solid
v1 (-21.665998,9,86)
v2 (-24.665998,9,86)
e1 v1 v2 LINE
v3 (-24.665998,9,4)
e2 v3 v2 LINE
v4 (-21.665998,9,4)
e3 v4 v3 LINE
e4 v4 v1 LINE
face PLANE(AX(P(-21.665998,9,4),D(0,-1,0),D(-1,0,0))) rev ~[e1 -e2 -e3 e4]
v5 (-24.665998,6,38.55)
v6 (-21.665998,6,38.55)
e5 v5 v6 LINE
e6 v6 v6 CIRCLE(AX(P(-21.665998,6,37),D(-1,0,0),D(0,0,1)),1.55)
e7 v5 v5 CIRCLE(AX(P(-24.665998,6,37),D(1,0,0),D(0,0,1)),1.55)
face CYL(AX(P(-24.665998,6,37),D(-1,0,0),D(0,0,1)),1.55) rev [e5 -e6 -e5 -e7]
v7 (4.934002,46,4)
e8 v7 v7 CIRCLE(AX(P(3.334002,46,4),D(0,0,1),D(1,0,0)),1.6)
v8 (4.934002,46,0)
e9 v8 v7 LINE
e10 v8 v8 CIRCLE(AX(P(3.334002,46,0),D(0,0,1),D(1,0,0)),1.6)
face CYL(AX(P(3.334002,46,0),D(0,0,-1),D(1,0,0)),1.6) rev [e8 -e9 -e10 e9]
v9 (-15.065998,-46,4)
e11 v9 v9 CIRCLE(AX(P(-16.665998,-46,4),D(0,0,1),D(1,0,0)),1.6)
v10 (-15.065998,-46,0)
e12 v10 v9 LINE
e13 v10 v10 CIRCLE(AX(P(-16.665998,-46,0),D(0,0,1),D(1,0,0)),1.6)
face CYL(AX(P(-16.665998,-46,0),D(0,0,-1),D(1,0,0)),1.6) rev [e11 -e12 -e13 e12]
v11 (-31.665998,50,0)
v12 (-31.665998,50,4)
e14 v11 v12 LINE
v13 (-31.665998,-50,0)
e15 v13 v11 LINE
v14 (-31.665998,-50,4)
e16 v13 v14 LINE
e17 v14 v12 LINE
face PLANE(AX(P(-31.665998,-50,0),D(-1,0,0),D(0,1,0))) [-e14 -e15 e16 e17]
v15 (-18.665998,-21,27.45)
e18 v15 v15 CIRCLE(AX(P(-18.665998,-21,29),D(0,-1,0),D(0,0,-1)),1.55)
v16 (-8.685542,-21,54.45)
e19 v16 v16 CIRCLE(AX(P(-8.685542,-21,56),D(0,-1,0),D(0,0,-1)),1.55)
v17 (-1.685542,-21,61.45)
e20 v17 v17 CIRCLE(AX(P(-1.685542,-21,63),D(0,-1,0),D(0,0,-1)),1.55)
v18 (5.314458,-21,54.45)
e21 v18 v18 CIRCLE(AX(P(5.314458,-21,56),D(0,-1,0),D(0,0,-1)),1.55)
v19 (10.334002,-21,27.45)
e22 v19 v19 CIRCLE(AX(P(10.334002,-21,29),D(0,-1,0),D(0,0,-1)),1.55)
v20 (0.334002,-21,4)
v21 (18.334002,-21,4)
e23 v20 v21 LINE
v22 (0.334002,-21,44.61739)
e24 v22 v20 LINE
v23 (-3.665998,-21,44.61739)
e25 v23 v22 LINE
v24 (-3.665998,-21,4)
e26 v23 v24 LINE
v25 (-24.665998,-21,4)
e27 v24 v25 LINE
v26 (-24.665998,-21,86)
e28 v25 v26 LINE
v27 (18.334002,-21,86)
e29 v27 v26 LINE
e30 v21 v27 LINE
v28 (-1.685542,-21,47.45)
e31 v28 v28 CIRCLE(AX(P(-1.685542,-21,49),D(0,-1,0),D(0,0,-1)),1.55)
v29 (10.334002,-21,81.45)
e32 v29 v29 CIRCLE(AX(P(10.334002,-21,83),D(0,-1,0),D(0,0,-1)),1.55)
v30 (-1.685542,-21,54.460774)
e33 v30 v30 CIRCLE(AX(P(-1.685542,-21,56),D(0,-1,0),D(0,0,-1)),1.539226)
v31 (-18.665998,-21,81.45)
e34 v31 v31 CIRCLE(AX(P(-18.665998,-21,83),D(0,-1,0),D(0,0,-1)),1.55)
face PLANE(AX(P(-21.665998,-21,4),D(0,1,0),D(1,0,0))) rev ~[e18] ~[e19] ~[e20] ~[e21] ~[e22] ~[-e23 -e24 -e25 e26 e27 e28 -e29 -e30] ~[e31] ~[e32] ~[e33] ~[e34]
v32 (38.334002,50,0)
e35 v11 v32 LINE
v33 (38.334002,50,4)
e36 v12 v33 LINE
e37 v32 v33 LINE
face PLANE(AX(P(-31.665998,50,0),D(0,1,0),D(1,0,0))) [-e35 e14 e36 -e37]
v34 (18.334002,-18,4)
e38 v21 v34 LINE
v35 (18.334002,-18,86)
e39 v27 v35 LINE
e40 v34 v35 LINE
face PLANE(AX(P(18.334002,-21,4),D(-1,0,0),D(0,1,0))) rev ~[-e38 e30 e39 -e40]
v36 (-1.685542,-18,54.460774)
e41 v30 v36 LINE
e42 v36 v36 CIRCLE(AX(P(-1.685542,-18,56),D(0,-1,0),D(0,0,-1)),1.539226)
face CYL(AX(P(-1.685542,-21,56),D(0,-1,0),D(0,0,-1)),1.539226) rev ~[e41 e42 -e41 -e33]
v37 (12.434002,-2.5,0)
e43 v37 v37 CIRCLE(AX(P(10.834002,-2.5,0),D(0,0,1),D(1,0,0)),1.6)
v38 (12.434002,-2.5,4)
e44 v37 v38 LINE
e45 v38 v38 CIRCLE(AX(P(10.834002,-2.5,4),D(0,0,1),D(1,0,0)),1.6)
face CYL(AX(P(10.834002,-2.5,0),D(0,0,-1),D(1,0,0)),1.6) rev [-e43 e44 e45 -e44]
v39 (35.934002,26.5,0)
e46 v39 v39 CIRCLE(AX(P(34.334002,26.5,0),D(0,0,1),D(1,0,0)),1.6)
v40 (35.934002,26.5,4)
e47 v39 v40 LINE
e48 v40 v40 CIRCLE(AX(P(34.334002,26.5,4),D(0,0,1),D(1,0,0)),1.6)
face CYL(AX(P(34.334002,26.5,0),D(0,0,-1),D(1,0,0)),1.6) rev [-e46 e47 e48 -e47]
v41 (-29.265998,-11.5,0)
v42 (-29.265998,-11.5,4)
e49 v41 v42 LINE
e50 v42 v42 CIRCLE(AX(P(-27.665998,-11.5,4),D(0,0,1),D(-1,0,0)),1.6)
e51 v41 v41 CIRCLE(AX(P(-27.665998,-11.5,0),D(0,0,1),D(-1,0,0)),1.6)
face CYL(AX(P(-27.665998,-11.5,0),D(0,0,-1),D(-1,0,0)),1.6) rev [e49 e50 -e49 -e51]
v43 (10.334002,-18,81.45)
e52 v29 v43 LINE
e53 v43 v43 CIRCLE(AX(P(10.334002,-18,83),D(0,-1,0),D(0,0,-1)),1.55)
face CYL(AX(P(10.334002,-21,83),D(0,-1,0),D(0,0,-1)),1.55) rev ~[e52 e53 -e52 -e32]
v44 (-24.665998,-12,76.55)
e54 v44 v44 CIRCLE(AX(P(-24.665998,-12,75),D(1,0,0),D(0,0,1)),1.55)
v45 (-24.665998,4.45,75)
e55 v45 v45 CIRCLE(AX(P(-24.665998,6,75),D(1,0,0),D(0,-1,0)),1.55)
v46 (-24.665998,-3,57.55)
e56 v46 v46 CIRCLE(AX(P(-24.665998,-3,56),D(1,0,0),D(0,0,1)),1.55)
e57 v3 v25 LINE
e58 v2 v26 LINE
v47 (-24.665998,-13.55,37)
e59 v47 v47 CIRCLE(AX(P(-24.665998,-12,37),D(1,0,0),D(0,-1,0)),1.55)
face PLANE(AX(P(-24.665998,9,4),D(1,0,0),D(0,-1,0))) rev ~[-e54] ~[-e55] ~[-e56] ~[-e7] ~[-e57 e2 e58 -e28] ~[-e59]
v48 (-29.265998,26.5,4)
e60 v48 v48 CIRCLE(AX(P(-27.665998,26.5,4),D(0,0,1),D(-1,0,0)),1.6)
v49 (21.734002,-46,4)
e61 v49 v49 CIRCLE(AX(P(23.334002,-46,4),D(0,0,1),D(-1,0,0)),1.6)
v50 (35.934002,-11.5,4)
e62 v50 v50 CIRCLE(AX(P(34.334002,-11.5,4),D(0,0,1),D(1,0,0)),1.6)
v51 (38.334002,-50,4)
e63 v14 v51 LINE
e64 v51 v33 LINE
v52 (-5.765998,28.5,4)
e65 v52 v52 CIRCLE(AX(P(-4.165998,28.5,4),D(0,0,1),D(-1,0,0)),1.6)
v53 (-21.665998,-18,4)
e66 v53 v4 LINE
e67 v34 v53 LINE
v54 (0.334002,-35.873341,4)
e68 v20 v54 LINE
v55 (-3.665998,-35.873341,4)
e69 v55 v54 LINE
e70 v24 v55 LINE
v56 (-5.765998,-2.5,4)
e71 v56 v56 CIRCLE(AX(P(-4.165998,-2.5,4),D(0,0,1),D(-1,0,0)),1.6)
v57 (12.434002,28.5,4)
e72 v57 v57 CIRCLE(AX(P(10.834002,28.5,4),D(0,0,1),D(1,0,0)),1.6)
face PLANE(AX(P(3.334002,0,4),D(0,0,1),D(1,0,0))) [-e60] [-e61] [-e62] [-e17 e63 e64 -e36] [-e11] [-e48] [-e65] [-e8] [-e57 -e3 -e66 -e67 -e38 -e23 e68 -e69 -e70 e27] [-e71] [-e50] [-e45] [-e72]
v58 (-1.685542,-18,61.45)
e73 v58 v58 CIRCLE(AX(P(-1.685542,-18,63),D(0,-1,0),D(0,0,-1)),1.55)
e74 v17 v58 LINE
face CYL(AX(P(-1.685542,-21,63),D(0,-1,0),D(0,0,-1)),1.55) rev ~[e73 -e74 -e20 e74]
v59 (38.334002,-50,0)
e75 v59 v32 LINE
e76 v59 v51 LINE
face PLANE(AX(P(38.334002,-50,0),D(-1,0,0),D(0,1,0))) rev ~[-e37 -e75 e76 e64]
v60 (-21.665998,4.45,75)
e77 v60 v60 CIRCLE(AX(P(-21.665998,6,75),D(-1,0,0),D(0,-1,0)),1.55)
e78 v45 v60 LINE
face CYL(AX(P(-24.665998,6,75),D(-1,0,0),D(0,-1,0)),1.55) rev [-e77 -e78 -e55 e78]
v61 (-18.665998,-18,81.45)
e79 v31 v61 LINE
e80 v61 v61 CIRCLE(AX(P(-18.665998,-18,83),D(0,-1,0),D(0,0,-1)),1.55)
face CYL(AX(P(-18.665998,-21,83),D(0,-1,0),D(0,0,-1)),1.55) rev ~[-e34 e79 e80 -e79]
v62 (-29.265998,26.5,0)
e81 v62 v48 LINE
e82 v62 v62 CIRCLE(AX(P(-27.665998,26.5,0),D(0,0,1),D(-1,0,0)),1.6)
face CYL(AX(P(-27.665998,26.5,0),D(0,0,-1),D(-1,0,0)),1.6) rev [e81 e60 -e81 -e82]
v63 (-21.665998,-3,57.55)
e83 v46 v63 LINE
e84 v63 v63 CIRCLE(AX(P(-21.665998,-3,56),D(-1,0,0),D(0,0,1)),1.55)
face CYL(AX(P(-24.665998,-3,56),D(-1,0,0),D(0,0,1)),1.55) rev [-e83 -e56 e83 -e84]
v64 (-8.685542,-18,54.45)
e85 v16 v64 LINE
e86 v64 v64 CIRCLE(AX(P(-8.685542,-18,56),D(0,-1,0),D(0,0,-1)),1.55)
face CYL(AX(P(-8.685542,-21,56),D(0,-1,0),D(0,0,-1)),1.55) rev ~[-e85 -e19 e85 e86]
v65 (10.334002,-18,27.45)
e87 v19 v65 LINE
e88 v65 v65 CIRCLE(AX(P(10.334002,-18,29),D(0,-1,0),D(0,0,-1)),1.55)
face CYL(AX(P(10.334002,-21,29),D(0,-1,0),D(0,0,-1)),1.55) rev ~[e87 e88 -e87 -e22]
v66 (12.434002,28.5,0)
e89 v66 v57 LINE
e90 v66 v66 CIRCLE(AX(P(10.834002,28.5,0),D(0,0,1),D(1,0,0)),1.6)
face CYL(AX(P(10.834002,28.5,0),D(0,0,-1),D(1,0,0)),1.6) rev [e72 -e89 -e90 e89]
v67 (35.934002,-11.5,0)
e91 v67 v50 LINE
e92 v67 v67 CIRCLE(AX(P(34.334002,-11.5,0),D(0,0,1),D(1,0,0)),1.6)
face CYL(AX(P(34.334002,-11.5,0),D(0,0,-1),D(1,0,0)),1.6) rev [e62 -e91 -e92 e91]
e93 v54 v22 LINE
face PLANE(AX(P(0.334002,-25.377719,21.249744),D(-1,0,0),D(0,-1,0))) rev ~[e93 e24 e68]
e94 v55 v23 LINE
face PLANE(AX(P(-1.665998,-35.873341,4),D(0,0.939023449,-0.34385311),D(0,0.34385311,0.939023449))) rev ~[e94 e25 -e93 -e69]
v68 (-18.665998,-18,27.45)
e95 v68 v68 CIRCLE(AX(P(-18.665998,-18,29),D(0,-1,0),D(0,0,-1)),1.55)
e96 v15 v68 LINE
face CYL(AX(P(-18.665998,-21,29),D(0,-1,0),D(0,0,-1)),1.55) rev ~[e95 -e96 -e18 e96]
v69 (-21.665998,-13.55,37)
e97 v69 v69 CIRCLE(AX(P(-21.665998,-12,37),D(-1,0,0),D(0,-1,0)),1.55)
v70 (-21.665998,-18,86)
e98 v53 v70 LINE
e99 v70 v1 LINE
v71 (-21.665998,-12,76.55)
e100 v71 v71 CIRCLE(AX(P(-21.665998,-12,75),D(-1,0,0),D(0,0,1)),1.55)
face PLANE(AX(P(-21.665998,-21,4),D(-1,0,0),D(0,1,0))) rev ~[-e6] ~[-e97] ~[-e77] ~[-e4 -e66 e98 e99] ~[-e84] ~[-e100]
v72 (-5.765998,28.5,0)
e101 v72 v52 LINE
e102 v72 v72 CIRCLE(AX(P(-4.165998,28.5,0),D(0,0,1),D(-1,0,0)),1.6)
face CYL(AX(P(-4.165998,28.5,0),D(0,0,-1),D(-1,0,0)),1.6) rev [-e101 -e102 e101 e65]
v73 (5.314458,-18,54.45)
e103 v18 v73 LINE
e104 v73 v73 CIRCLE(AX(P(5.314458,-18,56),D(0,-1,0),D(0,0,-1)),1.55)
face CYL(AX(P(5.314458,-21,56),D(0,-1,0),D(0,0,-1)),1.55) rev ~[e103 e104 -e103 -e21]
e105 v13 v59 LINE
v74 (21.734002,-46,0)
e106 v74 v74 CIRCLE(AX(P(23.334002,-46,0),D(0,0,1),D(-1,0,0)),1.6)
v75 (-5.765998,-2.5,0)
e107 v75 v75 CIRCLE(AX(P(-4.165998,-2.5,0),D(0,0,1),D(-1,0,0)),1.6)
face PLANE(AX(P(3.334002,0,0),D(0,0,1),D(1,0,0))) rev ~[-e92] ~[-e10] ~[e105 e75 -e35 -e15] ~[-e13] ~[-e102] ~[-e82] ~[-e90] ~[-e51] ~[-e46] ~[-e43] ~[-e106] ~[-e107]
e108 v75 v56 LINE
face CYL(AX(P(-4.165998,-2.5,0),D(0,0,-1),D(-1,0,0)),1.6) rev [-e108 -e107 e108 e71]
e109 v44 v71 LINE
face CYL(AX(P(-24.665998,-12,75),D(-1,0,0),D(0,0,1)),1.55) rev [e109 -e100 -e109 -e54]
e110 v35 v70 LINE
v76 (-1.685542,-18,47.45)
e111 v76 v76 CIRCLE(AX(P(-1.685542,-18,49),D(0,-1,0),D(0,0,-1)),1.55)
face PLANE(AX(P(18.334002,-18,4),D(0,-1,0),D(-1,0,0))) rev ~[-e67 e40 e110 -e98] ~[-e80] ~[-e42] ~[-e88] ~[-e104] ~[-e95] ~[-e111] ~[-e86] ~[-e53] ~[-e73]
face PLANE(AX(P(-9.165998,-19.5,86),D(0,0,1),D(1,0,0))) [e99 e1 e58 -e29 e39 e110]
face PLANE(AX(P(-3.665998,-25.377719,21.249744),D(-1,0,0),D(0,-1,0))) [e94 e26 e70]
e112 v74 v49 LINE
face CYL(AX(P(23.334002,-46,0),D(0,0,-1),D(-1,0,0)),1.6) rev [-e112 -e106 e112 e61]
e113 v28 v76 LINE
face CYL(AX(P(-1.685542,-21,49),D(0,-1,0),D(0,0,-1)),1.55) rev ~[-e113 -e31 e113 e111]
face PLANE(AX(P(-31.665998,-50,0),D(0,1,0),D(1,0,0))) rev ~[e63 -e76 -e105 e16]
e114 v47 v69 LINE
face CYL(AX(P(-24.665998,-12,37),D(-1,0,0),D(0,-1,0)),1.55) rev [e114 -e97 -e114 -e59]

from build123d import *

# Parameters (mm, degrees)
SKETCH_1_W          = 70
SKETCH_1_H          = 100
SKETCH_1_R          = 1.6
EXTRUDE_1_DEPTH     = 4
SKETCH_2_W          = 25
SKETCH_2_H          = 3
SKETCH_2_W_2        = 15
EXTRUDE_2_DEPTH     = 82
SKETCH_3_R          = 1.55
SKETCH_3_R_2        = 1.539226355
CUT_EXTRUDE_1_DEPTH = 8
EXTRUDE_3_DEPTH     = 2
SKETCH_7_R          = 1.6
EXTRUDE_5_DEPTH     = 82
SKETCH_10_R         = 1.55
CUT_EXTRUDE_2_DEPTH = 118.749734607


with BuildPart() as part:
    # 草图1 → 凸台-拉伸1 (new body)
    with BuildSketch(Plane.XY):
        with Locations((3.334002404, 0)):
            Rectangle(SKETCH_1_W, SKETCH_1_H)
        with Locations((34.334002404, 26.5)):
            Circle(SKETCH_1_R, mode=Mode.SUBTRACT)
        with Locations((-16.665997596, -46)):
            Circle(SKETCH_1_R, mode=Mode.SUBTRACT)
        with Locations((3.334002404, 46)):
            Circle(SKETCH_1_R, mode=Mode.SUBTRACT)
        with Locations((10.834002404, 28.5)):
            Circle(SKETCH_1_R, mode=Mode.SUBTRACT)
        with Locations((10.834002404, -2.5)):
            Circle(SKETCH_1_R, mode=Mode.SUBTRACT)
        with Locations((34.334002404, -11.5)):
            Circle(SKETCH_1_R, mode=Mode.SUBTRACT)
        with Locations(Location((-27.665997596, 26.5, 0), (0, 0, 180))):
            Circle(SKETCH_1_R, mode=Mode.SUBTRACT)
        with Locations(Location((-4.165997596, 28.5, 0), (0, 0, 180))):
            Circle(SKETCH_1_R, mode=Mode.SUBTRACT)
        with Locations(Location((-4.165997596, -2.5, 0), (0, 0, 180))):
            Circle(SKETCH_1_R, mode=Mode.SUBTRACT)
        with Locations(Location((-27.665997596, -11.5, 0), (0, 0, 180))):
            Circle(SKETCH_1_R, mode=Mode.SUBTRACT)
        with Locations(Location((23.334002404, -46, 0), (0, 0, 180))):
            Circle(SKETCH_1_R, mode=Mode.SUBTRACT)
    extrude(amount=EXTRUDE_1_DEPTH)

    # 草图2 → 凸台-拉伸2 (add)
    with BuildSketch(Plane.XY.offset(4)):
        with Locations((-9.165997596, -19.5)):
            Rectangle(SKETCH_2_W, SKETCH_2_H)
        with Locations((10.834002404, -19.5)):
            Rectangle(SKETCH_2_W_2, SKETCH_2_H)
    extrude(amount=EXTRUDE_2_DEPTH)

    # 草图3 → 切除-拉伸1 (cut)
    with BuildSketch(Plane.XZ.offset(21)):
        with Locations(Location((-18.665997596, 83, 0), (0, 0, 270))):
            Circle(SKETCH_3_R)
        with Locations(Location((10.334002404, 83, 0), (0, 0, 270))):
            Circle(SKETCH_3_R)
        with Locations(Location((-1.685541592, 63, 0), (0, 0, 270))):
            Circle(SKETCH_3_R)
        with Locations(Location((-1.685541592, 56, 0), (0, 0, 270))):
            Circle(SKETCH_3_R_2)
        with Locations(Location((-8.685541592, 56, 0), (0, 0, 270))):
            Circle(SKETCH_3_R)
        with Locations(Location((-1.685541592, 49, 0), (0, 0, 270))):
            Circle(SKETCH_3_R)
        with Locations(Location((5.314458408, 56, 0), (0, 0, 270))):
            Circle(SKETCH_3_R)
        with Locations(Location((-18.665997596, 29, 0), (0, 0, 270))):
            Circle(SKETCH_3_R)
        with Locations(Location((10.334002404, 29, 0), (0, 0, 270))):
            Circle(SKETCH_3_R)
    extrude(amount=-CUT_EXTRUDE_1_DEPTH, mode=Mode.SUBTRACT)

    # 草图6 → 凸台-拉伸3 (add, symmetric)
    with BuildSketch(Plane.YZ.offset(-1.665997596)):
        Polygon((-21, 44.617390455), (-21, 4), (-35.87334108, 4), align=None)
    extrude(amount=EXTRUDE_3_DEPTH, both=True)

    # 草图7 → 凸台-拉伸5 (add)
    with BuildSketch(Plane.XY.offset(4)):
        with Locations(Location((-27.665997596, -11.5, 0), (0, 0, 180))):
            Circle(SKETCH_7_R)
        Polygon((-24.665997596, 9), (-24.665997596, -21), (-21.665997596, -21), (-21.665997596, -18), (-21.665997596, 9), align=None)
    extrude(amount=EXTRUDE_5_DEPTH)


with BuildPart() as extrude_5_kept_piece:
    # of the separate pieces the step leaves, the one the design keeps (extrude_5_pieces_kept)
    add(part.part.solids().sort_by_distance((-31.665997596, 50, 0))[0])

    # 草图10 → 切除-拉伸2 (cut, through all)
    with BuildSketch(Plane(origin=(-24.665997596, 0, 0), x_dir=(0, 0, -1), z_dir=(1, 0, 0))):
        with Locations(Location((-75, 6, 0), (0, 0, 270))):
            Circle(SKETCH_10_R)
        with Locations(Location((-75, -12, 0), (0, 0, 180))):
            Circle(SKETCH_10_R)
        with Locations(Location((-56, -3, 0), (0, 0, 180))):
            Circle(SKETCH_10_R)
        with Locations(Location((-37, 6, 0), (0, 0, 180))):
            Circle(SKETCH_10_R)
        with Locations(Location((-37, -12, 0), (0, 0, 270))):
            Circle(SKETCH_10_R)
    extrude(amount=CUT_EXTRUDE_2_DEPTH, mode=Mode.SUBTRACT)


solid = extrude_5_kept_piece.part
